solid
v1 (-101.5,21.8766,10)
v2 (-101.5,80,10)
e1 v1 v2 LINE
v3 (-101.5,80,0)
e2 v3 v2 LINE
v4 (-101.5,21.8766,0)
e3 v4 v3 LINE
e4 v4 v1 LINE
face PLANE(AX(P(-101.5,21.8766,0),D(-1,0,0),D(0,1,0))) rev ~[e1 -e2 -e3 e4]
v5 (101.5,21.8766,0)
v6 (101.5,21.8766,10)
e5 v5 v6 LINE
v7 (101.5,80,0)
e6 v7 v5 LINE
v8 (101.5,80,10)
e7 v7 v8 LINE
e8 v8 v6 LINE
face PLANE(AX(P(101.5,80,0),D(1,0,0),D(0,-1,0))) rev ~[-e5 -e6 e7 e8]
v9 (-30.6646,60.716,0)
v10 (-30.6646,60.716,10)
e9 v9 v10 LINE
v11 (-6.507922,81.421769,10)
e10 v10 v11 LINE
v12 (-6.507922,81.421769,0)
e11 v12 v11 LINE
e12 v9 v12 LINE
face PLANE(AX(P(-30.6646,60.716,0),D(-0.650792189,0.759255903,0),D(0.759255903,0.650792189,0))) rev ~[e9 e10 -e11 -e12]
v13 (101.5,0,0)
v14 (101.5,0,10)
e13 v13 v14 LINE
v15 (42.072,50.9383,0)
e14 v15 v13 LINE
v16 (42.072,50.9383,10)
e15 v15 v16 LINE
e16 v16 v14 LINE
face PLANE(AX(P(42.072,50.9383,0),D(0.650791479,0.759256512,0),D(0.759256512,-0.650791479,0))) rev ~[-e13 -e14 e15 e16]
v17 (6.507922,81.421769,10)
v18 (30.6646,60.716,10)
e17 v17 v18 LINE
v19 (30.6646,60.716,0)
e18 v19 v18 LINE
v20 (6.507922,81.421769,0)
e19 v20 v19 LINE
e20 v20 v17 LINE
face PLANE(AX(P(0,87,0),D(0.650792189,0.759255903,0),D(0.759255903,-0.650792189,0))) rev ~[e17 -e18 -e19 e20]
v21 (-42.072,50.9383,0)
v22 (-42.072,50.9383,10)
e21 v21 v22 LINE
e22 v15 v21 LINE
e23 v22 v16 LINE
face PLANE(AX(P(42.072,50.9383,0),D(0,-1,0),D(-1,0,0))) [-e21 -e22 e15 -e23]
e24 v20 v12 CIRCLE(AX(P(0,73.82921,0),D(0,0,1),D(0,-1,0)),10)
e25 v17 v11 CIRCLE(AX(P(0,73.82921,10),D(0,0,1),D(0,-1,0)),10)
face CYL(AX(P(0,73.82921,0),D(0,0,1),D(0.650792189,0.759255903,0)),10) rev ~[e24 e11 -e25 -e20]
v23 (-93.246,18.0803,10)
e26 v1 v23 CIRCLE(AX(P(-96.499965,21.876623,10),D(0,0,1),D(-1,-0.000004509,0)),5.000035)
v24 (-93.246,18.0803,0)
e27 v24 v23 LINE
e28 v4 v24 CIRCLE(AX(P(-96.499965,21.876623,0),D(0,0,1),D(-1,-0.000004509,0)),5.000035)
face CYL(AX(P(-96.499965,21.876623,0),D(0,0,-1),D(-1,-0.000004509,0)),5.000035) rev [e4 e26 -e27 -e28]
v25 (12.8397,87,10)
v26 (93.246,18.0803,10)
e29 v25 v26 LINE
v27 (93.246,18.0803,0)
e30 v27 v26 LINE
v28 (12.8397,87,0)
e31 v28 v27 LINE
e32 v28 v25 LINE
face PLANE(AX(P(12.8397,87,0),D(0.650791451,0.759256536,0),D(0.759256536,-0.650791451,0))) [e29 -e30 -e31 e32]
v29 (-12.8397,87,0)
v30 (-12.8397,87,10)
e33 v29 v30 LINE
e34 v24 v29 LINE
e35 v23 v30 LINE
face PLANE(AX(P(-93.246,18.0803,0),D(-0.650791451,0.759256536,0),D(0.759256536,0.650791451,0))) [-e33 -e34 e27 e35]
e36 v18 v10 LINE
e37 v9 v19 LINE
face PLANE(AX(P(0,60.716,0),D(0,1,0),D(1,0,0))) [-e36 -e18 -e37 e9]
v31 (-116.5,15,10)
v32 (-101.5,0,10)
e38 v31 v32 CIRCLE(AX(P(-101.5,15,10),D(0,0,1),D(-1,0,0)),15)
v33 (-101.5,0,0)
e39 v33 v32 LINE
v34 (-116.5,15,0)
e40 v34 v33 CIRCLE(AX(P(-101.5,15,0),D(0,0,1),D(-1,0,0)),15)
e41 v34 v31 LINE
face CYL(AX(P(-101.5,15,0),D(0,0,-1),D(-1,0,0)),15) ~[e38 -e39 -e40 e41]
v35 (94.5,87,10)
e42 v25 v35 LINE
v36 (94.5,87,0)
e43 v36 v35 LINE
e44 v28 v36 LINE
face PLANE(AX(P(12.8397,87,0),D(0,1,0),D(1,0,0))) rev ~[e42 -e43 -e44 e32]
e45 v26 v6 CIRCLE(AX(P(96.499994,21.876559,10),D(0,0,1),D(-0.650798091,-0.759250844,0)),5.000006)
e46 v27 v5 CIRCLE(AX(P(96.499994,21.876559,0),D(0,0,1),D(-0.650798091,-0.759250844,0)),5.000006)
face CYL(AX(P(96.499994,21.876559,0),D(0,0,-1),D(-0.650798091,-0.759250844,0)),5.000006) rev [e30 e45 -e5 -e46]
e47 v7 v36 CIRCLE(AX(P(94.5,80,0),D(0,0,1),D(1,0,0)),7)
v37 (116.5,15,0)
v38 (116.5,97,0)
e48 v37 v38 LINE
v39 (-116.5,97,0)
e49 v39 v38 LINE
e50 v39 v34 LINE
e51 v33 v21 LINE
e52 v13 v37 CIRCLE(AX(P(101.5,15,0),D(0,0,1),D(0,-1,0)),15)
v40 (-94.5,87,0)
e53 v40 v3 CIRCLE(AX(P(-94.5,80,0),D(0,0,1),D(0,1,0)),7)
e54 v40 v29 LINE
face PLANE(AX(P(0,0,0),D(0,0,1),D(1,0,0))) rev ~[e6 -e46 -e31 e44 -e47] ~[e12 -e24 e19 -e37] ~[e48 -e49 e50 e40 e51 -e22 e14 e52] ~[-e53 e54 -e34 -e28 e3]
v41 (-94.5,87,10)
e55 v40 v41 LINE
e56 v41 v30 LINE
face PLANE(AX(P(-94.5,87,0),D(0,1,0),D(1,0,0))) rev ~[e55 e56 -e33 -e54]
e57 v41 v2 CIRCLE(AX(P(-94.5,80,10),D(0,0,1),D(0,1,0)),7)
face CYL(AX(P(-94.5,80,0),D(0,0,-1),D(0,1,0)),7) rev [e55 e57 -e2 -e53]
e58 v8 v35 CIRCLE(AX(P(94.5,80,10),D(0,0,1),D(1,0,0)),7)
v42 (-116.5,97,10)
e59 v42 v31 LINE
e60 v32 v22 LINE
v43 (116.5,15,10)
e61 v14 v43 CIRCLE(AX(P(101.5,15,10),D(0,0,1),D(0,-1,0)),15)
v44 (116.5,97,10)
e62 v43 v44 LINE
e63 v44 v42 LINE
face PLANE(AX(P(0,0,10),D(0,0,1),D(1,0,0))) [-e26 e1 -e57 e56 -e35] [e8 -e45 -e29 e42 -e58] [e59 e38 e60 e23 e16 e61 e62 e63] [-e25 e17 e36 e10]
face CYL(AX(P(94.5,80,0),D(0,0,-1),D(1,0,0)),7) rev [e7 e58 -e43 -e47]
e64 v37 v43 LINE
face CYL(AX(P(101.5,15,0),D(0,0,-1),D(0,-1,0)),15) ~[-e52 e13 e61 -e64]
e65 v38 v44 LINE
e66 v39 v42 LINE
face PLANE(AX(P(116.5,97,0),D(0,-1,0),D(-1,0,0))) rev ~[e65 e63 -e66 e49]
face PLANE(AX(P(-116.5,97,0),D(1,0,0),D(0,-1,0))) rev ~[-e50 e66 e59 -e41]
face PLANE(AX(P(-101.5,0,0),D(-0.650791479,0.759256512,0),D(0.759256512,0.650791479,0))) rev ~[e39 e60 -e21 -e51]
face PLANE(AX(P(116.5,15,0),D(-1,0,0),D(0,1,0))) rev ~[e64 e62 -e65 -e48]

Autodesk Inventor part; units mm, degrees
ref_plane "YZ Plane" through (0, 0, 0) normal (1, 0, 0) x (0, 1, 0)
ref_plane "XZ Plane" through (0, 0, 0) normal (0, 1, 0) x (-1, 0, 0)
ref_plane "XY Plane" through (0, 0, 0) normal (0, 0, 1) x (1, 0, 0)
sketch "Эскиз1" plane through (0, 0, 0) normal (0, 0, 1) x (1, 0, 0)
  line L0 (-101.5, 0) -> (-101.5, 0)
  line L1 (-101.5, 21.8766) -> (-101.5, 80)
  line L2 (101.5, 80) -> (101.5, 21.8766)
  line L3 (101.5, 0) -> (101.5, 0)
  line L4 (116.5, 15) -> (116.5, 97)
  line L5 (116.5, 97) -> (-116.5, 97)
  line L6 (-116.5, 97) -> (-116.5, 15)
  line L7 (0, -23.1279) -> (0, 117.0213) projected
  arc A0 (-94.5, 87) -> (-101.5, 80) centre (-94.5, 80) ccw
  arc A1 (101.5, 80) -> (94.5, 87) centre (94.5, 80) ccw
  line L8 (-93.246, 18.0803) -> (-12.8397, 87)
  line L9 (12.8397, 87) -> (93.246, 18.0803)
  line L10 (-94.5, 87) -> (-12.8397, 87)
  line L11 (12.8397, 87) -> (94.5, 87)
  line L12 (-116.5, 0) -> (-101.5, 0)
  line L13 (101.5, 0) -> (116.5, 0)
  arc A2 (-116.5, 15) -> (-101.5, 0) centre (-101.5, 15) ccw
  arc A3 (101.5, 0) -> (116.5, 15) centre (101.5, 15) ccw
  arc A4 (-101.5, 21.8766) -> (-93.246, 18.0803) centre (-96.5, 21.8766) ccw
  arc A5 (93.246, 18.0803) -> (101.5, 21.8766) centre (96.5, 21.8766) ccw
  line L14 (-30.6646, 60.716) -> (30.6646, 60.716)
  line L15 (42.072, 50.9383) -> (-42.072, 50.9383)
  line L16 (-101.5, 0) -> (-42.072, 50.9383)
  line L17 (-30.6646, 60.716) -> (0, 87)
  line L18 (0, 87) -> (30.6646, 60.716)
  line L19 (42.072, 50.9383) -> (101.5, 0)
  point P0 (0, 0)
  dimension "d0" = 15
  dimension "d1" = 97
  dimension "d3" = 15
  dimension "d4" = 233
  dimension "d5" = 7
  dimension "d8" = 15
  dimension "d9" = 5
extrude "Выдавливание1" add sketch "Эскиз1" along normal blind 10 contours A3 L19 L15 L7 L14 L18 L5 L4 | L7 L17 L14 L15 L16 A2 L6 L5
fillet "Сопряжение1" radius 10 1 edges at (0, 87, 5)
properties part number "упрочнение"
